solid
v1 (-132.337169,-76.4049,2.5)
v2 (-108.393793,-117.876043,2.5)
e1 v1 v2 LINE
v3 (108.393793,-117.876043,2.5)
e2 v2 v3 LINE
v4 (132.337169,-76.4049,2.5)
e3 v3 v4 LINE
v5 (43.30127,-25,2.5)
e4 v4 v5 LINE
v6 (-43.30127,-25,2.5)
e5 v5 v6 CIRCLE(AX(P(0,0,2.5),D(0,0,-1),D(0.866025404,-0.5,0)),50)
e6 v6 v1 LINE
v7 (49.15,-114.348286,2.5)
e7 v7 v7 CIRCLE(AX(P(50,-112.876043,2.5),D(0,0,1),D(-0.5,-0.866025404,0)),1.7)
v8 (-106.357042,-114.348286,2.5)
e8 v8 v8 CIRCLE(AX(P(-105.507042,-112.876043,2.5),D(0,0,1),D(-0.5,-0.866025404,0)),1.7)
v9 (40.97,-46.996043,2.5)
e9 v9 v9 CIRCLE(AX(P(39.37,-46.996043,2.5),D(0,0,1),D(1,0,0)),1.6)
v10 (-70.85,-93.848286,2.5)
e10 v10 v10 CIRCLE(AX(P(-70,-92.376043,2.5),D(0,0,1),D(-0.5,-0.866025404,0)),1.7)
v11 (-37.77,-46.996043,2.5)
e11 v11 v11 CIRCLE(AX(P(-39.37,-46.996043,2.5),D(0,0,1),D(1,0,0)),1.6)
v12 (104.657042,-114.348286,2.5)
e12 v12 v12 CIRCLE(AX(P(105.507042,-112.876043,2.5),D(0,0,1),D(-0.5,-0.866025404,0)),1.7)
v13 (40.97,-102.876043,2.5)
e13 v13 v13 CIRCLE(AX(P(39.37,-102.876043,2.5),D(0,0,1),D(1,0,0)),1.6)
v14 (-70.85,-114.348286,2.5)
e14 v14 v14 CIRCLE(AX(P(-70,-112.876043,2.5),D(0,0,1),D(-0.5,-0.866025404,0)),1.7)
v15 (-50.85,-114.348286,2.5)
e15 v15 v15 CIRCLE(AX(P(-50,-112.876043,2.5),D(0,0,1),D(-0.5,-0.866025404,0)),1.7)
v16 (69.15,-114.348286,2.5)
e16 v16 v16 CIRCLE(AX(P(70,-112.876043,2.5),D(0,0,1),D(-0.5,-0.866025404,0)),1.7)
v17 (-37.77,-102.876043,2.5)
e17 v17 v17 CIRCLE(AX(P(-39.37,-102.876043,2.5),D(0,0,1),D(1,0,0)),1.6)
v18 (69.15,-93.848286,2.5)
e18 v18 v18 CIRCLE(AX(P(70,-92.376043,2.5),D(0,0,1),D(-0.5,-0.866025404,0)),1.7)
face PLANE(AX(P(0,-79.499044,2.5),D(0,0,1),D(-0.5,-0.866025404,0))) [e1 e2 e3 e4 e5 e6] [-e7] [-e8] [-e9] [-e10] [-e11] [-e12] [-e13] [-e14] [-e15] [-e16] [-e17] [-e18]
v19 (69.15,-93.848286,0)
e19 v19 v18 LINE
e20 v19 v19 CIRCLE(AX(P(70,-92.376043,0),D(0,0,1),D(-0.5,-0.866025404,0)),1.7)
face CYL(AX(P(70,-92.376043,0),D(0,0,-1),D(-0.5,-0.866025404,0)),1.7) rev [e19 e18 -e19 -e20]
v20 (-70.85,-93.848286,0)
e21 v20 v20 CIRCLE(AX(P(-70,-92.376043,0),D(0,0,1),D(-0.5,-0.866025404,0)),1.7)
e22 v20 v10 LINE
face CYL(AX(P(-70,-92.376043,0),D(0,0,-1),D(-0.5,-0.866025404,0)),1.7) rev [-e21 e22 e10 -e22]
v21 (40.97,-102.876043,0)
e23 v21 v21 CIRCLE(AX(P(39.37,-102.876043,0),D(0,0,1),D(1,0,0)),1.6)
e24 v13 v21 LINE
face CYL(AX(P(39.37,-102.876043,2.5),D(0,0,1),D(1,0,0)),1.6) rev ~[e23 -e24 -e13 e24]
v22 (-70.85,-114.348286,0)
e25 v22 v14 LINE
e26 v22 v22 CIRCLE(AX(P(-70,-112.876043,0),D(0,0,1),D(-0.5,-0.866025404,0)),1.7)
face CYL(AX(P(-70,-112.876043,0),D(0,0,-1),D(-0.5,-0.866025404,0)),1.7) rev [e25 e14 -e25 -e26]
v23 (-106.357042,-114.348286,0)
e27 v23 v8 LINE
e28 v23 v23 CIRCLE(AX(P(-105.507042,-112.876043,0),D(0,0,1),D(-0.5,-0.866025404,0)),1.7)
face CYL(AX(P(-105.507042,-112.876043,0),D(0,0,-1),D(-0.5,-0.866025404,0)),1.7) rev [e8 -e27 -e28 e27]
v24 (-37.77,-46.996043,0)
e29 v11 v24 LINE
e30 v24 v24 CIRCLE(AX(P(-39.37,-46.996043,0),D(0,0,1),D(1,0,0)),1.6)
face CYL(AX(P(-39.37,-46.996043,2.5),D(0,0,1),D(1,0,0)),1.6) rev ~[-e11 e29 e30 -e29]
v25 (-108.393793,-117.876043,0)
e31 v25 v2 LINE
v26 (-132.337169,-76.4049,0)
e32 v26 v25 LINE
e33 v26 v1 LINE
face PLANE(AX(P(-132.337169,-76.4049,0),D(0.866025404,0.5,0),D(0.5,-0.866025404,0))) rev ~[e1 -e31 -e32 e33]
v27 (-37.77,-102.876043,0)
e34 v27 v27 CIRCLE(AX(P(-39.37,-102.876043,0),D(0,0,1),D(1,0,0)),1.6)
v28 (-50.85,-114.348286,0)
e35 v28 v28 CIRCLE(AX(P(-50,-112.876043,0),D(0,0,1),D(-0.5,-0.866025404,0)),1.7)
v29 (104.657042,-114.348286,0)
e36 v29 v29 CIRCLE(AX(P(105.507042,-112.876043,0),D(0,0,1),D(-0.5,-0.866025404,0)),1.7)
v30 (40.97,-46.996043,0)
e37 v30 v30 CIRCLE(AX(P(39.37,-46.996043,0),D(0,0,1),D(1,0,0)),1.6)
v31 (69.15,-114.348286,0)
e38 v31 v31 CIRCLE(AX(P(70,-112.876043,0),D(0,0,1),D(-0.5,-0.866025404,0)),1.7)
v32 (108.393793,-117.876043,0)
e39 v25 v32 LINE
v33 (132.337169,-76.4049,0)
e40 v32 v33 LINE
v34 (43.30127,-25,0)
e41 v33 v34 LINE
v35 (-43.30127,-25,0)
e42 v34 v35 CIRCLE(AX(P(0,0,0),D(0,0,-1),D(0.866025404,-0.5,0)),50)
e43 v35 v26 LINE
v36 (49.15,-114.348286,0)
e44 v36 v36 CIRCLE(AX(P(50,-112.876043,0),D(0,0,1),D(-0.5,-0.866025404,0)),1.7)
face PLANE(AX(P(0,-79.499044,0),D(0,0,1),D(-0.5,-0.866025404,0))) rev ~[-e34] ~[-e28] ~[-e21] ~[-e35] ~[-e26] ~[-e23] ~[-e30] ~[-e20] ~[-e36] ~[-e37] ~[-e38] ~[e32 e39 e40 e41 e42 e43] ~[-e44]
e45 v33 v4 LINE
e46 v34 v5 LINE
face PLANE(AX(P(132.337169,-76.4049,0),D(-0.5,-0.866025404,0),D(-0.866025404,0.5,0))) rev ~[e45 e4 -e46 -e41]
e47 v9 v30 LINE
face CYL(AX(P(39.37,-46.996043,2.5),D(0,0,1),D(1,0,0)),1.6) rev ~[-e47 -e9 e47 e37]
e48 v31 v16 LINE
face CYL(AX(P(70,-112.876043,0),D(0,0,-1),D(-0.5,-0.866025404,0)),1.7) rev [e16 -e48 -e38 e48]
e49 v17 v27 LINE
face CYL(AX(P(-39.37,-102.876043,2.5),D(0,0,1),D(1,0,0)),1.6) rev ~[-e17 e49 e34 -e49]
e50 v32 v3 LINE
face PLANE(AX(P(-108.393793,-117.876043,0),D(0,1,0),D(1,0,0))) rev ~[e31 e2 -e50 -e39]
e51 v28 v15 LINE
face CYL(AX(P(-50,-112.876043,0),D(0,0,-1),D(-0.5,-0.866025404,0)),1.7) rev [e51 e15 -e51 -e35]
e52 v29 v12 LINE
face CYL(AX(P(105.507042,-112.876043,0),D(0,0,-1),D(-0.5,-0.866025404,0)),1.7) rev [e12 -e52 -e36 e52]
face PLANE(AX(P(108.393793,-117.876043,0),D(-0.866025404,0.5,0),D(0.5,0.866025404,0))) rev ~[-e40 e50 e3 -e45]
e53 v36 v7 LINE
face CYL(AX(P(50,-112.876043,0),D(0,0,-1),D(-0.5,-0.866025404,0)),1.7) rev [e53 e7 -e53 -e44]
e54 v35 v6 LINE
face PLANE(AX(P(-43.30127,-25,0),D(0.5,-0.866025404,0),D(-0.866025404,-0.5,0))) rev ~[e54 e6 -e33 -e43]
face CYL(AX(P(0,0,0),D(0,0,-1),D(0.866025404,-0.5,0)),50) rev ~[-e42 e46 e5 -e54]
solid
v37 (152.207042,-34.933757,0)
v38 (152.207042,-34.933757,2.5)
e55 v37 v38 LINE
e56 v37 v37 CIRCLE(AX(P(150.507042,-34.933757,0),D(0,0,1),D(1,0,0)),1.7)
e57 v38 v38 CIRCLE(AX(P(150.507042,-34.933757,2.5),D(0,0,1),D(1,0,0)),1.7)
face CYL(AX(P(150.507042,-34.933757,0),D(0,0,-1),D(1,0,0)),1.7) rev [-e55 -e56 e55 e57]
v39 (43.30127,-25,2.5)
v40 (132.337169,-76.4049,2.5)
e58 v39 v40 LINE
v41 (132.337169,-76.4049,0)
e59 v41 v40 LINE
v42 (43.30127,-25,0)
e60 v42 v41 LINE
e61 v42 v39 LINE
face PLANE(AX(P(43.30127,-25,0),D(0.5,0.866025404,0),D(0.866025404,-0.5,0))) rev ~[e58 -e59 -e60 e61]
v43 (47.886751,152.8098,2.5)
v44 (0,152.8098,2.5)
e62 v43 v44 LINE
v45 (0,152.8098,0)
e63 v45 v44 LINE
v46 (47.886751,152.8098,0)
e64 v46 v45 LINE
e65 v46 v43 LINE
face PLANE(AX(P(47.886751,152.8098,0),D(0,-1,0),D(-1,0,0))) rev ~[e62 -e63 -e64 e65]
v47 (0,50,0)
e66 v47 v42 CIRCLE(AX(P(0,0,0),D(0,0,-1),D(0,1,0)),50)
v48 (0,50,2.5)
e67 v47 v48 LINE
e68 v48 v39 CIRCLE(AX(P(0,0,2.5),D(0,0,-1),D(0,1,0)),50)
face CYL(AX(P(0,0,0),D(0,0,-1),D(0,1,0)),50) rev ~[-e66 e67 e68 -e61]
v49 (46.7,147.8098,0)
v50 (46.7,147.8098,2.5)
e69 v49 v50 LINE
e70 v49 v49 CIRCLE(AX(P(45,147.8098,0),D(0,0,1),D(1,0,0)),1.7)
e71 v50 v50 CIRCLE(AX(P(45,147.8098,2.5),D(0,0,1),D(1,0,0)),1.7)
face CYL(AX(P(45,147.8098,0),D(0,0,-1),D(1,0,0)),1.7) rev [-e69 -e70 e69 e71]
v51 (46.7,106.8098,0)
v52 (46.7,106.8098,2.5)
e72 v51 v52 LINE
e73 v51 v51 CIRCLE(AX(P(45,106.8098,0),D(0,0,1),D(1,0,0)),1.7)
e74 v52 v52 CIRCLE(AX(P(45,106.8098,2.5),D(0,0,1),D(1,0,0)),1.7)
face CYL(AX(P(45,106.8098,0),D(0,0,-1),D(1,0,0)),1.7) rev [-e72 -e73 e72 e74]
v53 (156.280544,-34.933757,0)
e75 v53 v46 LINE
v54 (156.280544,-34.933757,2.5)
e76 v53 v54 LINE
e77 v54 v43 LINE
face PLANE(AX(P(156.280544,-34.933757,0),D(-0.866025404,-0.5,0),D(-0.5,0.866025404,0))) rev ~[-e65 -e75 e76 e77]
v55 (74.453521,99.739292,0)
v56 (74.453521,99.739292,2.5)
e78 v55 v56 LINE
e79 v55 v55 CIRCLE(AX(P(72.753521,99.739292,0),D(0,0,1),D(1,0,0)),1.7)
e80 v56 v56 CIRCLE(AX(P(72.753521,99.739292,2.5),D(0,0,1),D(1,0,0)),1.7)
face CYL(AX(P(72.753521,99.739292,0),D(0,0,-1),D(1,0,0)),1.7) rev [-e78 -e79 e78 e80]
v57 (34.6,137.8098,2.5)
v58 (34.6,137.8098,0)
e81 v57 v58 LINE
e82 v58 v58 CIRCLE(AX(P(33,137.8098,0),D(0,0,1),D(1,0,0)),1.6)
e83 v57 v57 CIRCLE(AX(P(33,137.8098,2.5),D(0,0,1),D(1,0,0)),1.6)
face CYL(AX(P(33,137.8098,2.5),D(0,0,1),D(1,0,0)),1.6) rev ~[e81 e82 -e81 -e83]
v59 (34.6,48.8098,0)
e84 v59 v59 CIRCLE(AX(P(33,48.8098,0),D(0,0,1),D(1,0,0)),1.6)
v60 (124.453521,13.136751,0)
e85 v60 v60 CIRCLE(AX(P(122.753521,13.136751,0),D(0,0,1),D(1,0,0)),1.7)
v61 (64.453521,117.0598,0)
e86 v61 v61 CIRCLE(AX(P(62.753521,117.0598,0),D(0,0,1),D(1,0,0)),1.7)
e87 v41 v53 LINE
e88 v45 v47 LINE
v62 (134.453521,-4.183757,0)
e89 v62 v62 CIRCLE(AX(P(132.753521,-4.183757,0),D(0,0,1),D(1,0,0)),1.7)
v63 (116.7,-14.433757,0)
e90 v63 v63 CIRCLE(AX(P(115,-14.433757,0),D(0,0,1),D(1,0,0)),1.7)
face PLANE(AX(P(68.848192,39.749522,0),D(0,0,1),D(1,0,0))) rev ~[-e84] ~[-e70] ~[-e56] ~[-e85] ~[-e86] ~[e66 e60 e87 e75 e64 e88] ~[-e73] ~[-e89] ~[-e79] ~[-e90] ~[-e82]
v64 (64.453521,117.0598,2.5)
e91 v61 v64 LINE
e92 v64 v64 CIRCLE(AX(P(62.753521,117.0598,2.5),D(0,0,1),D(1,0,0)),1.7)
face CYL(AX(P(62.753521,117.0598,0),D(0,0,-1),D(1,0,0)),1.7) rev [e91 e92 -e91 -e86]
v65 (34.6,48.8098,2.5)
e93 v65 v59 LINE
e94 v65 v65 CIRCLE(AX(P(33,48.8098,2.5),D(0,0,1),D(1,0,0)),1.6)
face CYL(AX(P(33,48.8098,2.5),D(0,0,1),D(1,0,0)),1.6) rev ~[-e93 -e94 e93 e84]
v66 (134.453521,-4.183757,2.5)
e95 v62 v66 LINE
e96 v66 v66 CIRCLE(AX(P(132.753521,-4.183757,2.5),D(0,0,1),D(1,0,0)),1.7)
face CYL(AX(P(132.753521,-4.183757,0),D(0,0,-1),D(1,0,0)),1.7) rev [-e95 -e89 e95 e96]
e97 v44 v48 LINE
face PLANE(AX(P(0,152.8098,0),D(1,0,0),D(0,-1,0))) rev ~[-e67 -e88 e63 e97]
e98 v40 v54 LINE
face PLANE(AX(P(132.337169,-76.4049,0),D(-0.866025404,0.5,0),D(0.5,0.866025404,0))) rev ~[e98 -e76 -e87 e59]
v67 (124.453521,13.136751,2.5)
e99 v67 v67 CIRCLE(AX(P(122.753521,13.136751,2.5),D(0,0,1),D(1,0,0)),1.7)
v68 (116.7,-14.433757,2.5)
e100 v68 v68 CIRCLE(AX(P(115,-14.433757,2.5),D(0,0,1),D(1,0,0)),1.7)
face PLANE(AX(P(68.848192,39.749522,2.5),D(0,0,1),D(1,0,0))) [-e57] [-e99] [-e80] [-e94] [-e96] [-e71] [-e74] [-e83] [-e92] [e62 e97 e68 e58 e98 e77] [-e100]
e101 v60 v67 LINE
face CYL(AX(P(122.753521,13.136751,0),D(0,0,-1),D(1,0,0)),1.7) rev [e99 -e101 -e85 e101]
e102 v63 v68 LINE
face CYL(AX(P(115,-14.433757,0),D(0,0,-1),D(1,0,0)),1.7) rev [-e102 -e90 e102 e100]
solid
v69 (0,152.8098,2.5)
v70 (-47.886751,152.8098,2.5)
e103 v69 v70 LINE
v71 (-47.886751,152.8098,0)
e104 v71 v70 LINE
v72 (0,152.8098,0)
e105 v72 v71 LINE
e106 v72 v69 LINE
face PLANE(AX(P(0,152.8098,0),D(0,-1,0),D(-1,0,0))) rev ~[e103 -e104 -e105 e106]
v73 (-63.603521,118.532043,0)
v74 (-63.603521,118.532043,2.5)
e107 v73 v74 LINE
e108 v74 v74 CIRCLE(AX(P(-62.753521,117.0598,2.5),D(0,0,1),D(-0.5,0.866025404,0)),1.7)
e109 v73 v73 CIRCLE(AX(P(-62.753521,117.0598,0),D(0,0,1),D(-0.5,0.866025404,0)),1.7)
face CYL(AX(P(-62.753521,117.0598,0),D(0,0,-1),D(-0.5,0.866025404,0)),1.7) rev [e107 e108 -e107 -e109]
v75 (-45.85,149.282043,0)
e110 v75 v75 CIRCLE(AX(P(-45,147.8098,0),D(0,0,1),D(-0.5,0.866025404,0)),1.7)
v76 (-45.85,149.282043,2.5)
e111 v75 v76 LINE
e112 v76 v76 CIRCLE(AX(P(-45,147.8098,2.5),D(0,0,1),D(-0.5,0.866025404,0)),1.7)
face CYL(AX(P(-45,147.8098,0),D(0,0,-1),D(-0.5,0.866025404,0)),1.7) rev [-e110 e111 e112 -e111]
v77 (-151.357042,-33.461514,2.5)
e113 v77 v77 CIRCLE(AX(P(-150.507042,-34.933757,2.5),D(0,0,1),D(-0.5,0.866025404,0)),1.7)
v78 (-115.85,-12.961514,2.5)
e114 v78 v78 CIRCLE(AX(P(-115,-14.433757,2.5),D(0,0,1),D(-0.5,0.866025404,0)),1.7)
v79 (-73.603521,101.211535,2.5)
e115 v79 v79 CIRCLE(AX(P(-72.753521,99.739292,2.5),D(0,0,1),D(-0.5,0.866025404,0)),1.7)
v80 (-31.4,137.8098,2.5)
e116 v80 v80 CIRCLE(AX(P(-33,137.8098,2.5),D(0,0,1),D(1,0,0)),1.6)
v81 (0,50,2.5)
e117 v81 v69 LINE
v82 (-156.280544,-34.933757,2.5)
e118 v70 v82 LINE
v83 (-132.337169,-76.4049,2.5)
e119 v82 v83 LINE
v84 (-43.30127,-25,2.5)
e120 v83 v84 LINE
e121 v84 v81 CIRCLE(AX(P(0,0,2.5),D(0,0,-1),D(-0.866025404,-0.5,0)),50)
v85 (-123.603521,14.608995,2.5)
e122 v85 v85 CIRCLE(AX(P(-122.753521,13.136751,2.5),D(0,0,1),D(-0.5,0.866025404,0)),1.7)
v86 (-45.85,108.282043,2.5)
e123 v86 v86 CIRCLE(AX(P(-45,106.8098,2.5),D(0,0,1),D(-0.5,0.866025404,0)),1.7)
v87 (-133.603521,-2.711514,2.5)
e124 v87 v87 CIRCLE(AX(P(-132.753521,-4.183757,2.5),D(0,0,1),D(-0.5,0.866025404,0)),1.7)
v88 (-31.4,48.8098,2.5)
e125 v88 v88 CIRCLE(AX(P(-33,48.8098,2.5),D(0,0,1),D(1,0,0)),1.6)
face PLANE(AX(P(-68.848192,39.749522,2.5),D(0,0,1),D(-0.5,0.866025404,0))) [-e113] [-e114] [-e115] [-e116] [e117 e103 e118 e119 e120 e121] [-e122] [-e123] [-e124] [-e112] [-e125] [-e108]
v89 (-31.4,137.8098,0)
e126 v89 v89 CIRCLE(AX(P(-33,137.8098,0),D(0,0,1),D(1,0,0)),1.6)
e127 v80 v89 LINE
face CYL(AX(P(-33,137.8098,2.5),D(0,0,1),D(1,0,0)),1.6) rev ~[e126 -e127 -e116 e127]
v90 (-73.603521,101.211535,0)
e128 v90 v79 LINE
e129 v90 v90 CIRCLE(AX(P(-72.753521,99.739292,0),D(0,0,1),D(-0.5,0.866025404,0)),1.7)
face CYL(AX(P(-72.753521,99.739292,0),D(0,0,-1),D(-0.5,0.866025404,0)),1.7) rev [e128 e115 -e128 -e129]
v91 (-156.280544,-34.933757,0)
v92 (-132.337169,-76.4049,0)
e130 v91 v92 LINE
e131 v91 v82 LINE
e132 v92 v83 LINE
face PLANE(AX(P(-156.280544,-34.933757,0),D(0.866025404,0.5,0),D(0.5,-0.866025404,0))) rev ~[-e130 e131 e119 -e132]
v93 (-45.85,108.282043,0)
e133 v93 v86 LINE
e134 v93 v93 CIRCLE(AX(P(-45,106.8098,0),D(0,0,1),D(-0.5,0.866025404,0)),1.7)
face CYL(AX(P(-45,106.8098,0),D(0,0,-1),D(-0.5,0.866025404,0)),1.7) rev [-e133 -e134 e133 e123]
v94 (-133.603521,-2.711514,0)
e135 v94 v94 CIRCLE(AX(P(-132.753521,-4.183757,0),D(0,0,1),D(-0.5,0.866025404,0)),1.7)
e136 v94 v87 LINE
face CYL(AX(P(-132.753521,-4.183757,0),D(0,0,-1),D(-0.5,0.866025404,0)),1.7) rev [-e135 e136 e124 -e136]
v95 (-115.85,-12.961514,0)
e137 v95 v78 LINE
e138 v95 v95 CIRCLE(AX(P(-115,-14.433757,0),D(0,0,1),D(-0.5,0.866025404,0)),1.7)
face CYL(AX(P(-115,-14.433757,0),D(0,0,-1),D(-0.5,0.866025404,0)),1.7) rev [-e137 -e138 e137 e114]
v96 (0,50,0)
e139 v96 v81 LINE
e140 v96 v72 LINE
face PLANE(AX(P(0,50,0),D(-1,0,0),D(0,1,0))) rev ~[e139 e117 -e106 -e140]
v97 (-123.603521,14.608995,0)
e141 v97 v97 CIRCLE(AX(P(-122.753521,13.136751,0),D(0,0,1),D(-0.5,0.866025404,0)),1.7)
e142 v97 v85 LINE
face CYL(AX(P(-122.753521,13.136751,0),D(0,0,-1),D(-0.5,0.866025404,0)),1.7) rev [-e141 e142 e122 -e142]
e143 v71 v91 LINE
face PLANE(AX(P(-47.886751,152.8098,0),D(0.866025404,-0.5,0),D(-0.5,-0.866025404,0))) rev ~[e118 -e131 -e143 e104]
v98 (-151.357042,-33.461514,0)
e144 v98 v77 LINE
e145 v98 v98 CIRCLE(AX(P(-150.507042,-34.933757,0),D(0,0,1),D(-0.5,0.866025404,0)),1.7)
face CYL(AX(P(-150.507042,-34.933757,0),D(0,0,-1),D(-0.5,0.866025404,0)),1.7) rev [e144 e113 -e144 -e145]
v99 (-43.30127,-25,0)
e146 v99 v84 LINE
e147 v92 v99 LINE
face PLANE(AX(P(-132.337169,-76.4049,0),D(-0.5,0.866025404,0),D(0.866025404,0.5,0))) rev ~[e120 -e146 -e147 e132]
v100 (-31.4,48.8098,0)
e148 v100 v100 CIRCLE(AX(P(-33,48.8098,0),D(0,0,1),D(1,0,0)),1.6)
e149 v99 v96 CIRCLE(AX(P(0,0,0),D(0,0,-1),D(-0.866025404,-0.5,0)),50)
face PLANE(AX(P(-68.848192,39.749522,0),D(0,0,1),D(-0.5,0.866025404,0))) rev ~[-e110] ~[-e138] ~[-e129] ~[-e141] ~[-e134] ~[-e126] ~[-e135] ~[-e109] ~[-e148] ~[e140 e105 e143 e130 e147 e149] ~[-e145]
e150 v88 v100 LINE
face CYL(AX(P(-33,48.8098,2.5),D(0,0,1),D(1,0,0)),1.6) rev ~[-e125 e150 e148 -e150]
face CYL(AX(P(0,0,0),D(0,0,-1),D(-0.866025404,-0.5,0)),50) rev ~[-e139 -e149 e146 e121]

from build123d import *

# Parameters (mm, degrees)
SKETCH_1_R               = 1.7
EXTRUDE_1_DEPTH          = 2.5
PATTERN_CIRCULAR_1_COUNT = 3
SKETCH_2_R               = 1.6
CUT_EXTRUDE_1_DEPTH      = 219.587953522
SKETCH_3_R               = 1.6
CUT_EXTRUDE_2_DEPTH      = 219.587953522
SKETCH_4_R               = 1.6
CUT_EXTRUDE_3_DEPTH      = 219.587953522


with BuildPart() as part:
    # ｽｹｯﾁ1 → ﾎﾞｽ - 押し出し1 (new body)
    with BuildSketch(Plane.XY):
        with BuildLine():
            ThreePointArc((0, 50), (43.301270189, 25), (43.301270189, -25))
            Line((43.301270189, -25), (132.337168574, -76.4048999))
            Line((132.337168574, -76.4048999), (156.280544247, -34.93375673))
            Line((156.280544247, -34.93375673), (47.886751346, 152.8097998))
            Line((47.886751346, 152.8097998), (0, 152.8097998))
            Line((0, 152.8097998), (0, 50))
        make_face()
        with Locations((115, -14.43375673)):
            Circle(SKETCH_1_R, mode=Mode.SUBTRACT)
        with Locations((132.753520778, -4.18375673)):
            Circle(SKETCH_1_R, mode=Mode.SUBTRACT)
        with Locations((150.507041555, -34.93375673)):
            Circle(SKETCH_1_R, mode=Mode.SUBTRACT)
        with Locations((122.753520778, 13.136751346)):
            Circle(SKETCH_1_R, mode=Mode.SUBTRACT)
        with Locations((72.753520778, 99.739291724)):
            Circle(SKETCH_1_R, mode=Mode.SUBTRACT)
        with Locations((45, 106.8097998)):
            Circle(SKETCH_1_R, mode=Mode.SUBTRACT)
        with Locations((45, 147.8097998)):
            Circle(SKETCH_1_R, mode=Mode.SUBTRACT)
        with Locations((62.753520778, 117.0597998)):
            Circle(SKETCH_1_R, mode=Mode.SUBTRACT)
    extrude(amount=EXTRUDE_1_DEPTH)


with BuildPart() as pattern_circular_1_1:
    # 円形ﾊﾟﾀｰﾝ1: pattern copy
    add(part.part.rotate(Axis((0, 0, 0), (0, 0, 1)), 1 * 360 / PATTERN_CIRCULAR_1_COUNT))

    # ｽｹｯﾁ4 → ｶｯﾄ - 押し出し3 (cut, through all)
    with BuildSketch(Plane.XY.offset(2.5)):
        with Locations((-33, 137.8097998)):
            Circle(SKETCH_4_R)
        with Locations((-33, 48.8097998)):
            Circle(SKETCH_4_R)
    extrude(amount=-CUT_EXTRUDE_3_DEPTH, mode=Mode.SUBTRACT)


with BuildPart() as pattern_circular_1_2:
    # 円形ﾊﾟﾀｰﾝ1: pattern copy
    add(part.part.rotate(Axis((0, 0, 0), (0, 0, 1)), 2 * 360 / PATTERN_CIRCULAR_1_COUNT))

    # ｽｹｯﾁ2 → ｶｯﾄ - 押し出し1 (cut, through all)
    with BuildSketch(Plane.XY.offset(2.5)):
        with Locations((39.37, -102.87604307)):
            Circle(SKETCH_2_R)
        with Locations((-39.37, -102.87604307)):
            Circle(SKETCH_2_R)
        with Locations((-39.37, -46.99604307)):
            Circle(SKETCH_2_R)
        with Locations((39.37, -46.99604307)):
            Circle(SKETCH_2_R)
    extrude(amount=-CUT_EXTRUDE_1_DEPTH, mode=Mode.SUBTRACT)


with BuildPart() as part_1:
    add(part.part)

    # ｽｹｯﾁ3 → ｶｯﾄ - 押し出し2 (cut, through all)
    with BuildSketch(Plane.XY.offset(2.5)):
        with Locations((33, 137.8097998)):
            Circle(SKETCH_3_R)
        with Locations((33, 48.8097998)):
            Circle(SKETCH_3_R)
    extrude(amount=-CUT_EXTRUDE_2_DEPTH, mode=Mode.SUBTRACT)


solid = Compound([pattern_circular_1_1.part, pattern_circular_1_2.part, part_1.part])
